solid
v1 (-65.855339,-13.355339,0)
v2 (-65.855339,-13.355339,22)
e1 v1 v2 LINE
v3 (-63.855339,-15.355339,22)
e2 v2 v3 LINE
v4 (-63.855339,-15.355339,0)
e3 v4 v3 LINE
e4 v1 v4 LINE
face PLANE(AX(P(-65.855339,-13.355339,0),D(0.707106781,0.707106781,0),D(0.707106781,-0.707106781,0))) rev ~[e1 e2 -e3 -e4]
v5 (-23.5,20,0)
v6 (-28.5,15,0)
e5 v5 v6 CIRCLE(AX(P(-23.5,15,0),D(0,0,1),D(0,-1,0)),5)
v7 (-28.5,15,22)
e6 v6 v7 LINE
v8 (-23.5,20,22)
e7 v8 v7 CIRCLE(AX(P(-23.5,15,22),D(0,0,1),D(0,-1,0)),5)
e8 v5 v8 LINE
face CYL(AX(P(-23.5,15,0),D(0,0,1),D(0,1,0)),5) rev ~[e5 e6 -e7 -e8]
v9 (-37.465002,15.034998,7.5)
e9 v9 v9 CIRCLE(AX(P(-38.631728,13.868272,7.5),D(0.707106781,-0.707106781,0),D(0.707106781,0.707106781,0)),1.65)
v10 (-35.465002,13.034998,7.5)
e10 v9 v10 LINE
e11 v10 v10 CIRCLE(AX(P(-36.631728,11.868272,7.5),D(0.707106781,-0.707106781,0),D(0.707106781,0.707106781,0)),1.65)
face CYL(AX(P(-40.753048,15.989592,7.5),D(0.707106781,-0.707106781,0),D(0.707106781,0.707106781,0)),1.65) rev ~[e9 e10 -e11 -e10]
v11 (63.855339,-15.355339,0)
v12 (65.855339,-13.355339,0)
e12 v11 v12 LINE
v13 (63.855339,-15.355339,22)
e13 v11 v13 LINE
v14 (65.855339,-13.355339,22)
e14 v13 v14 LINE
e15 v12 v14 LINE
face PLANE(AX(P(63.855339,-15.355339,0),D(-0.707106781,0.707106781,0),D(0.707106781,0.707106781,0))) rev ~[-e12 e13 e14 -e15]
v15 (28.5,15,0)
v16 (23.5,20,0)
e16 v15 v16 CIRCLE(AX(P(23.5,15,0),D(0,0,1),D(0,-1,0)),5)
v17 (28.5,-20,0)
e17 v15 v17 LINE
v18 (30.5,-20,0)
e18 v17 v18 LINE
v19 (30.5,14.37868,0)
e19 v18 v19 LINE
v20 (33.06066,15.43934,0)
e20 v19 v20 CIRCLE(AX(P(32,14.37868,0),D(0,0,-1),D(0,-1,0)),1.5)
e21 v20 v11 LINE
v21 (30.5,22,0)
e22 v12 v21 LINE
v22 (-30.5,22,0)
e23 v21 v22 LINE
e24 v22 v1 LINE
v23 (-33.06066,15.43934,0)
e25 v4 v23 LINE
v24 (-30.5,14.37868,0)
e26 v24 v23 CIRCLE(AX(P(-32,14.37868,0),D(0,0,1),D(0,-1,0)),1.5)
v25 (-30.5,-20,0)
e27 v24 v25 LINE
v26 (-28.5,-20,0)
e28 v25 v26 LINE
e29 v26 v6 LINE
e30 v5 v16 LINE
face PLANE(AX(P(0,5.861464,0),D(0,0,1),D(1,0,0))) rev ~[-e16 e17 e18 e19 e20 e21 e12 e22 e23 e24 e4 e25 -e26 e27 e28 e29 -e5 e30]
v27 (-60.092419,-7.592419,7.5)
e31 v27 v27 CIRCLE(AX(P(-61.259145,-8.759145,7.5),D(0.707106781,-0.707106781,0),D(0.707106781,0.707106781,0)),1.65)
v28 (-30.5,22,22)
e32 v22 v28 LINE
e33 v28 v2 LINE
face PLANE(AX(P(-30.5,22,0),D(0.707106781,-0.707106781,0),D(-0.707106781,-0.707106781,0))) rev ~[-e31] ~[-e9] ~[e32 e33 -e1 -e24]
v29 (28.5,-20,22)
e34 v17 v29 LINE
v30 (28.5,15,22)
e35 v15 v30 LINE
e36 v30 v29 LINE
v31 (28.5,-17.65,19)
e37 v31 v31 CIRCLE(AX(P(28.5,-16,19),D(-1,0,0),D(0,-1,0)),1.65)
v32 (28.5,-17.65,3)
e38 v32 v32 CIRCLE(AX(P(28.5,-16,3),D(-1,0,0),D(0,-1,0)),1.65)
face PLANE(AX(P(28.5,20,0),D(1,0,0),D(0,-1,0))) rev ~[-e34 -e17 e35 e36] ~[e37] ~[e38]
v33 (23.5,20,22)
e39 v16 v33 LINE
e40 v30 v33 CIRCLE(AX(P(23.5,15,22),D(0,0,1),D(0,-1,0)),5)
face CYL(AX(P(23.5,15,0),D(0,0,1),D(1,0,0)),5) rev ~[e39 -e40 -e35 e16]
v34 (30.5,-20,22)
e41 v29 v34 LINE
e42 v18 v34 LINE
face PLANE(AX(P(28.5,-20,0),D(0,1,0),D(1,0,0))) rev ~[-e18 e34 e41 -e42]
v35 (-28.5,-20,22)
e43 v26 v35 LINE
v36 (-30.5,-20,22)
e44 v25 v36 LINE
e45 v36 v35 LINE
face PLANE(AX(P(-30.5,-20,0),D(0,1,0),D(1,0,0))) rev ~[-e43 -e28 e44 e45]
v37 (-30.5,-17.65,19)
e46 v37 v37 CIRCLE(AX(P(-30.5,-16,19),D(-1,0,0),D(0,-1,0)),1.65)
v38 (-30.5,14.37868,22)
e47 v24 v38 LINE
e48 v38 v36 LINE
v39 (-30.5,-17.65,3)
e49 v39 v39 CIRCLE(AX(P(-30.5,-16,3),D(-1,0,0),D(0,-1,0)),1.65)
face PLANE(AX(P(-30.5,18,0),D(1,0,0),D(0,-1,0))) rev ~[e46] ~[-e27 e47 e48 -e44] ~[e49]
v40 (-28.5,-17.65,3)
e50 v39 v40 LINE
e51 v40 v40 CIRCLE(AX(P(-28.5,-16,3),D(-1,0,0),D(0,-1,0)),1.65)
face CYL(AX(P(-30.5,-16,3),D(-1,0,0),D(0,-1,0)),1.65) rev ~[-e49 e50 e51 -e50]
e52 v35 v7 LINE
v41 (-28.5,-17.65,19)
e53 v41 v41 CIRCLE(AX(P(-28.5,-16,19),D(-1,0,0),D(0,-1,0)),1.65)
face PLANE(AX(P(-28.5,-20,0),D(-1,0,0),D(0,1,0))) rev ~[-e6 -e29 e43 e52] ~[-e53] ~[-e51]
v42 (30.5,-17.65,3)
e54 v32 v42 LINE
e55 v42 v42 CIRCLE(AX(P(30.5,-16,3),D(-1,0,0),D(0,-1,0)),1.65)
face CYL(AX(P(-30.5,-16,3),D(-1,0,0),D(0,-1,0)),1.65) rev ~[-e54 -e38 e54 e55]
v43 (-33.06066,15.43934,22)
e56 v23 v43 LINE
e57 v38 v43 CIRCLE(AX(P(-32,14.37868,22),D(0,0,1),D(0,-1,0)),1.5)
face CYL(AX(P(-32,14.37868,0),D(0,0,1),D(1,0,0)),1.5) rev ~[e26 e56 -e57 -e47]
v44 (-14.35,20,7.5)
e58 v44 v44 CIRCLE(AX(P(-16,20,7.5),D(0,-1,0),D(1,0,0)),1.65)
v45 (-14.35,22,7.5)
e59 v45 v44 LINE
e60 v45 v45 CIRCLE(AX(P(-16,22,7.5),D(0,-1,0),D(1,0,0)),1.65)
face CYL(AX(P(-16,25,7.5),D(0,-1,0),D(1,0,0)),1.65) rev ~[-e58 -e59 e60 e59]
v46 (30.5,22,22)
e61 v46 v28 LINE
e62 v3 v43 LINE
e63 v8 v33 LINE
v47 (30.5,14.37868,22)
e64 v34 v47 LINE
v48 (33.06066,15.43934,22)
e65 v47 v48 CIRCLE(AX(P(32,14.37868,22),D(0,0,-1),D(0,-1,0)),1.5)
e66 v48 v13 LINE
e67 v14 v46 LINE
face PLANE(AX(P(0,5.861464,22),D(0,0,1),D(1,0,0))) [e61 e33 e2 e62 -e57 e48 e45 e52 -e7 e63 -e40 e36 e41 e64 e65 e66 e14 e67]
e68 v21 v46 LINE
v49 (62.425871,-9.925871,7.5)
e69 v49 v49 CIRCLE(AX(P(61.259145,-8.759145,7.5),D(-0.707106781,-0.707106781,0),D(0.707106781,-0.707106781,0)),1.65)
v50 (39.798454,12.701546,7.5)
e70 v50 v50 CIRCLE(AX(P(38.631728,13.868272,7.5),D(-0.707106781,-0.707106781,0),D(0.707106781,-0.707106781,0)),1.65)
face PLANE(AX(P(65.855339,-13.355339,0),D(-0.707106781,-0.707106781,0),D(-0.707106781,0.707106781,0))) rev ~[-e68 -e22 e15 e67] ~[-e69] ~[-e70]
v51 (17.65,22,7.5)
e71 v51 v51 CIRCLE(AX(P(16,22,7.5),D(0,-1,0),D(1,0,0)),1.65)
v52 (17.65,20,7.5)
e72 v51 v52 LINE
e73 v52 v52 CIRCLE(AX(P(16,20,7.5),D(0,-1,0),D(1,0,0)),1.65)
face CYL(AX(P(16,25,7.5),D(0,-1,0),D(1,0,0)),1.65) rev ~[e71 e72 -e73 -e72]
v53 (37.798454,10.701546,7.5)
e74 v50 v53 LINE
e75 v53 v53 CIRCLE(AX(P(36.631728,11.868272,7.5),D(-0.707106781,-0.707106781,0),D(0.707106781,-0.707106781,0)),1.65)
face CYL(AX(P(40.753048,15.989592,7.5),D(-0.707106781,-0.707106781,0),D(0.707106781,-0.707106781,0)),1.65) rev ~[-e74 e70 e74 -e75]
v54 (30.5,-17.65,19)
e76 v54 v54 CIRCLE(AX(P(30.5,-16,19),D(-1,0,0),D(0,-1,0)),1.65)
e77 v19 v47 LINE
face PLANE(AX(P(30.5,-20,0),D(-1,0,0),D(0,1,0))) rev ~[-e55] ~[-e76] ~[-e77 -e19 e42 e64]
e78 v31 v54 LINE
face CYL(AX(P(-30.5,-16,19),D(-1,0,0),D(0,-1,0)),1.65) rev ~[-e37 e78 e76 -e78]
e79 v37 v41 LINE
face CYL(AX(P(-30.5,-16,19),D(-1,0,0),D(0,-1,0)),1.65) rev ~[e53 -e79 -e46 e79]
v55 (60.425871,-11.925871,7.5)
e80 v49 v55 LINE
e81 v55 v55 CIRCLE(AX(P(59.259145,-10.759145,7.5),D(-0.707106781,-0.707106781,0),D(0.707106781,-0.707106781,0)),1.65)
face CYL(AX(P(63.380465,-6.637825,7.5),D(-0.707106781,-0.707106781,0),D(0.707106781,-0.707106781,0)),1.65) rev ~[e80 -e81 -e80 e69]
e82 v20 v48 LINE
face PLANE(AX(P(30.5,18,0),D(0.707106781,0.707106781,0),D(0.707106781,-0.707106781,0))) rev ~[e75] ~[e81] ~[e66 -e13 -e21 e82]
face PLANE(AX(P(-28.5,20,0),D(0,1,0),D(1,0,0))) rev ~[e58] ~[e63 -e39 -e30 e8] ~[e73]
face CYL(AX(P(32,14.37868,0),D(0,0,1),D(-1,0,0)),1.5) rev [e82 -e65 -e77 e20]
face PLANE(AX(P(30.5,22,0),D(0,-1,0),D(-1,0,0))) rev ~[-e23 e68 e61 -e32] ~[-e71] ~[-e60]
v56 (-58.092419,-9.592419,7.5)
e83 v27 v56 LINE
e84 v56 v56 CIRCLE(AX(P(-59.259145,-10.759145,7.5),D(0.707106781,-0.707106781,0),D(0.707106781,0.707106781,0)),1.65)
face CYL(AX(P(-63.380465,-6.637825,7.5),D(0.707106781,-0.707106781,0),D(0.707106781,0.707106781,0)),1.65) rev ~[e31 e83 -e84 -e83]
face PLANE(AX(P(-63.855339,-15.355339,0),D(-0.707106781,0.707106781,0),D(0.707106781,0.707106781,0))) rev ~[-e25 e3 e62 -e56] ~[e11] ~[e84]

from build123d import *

# Parameters (mm, degrees)
F1_DEPTH  = 22
F3_D      = 3.3
F3_DEPTH  = 3
F3_TIP    = 0.9914200214
F4_R      = 1.5
F5_R      = 5
F7_D      = 3.3
F7_DEPTH  = 3
F7_TIP    = 0.9914200214
F9_D      = 3.3
F9_DEPTH  = 3
F9_TIP    = 0.9914200214
F11_D     = 3.3
F11_DEPTH = 63
F11_TIP   = 0.9914200214


with BuildPart() as f1:
    # F0 (on Top) → F1 (new body)
    with BuildSketch(Plane.XY):
        Polygon((-28.5, -20), (-28.5, 20), (28.5, 20), (28.5, -20), (30.5, -20), (30.5, 18), (63.8553390593, -15.3553390593), (65.8553390593, -13.3553390593), (30.5, 22), (-30.5, 22), (-65.8553390593, -13.3553390593), (-63.8553390593, -15.3553390593), (-30.5, 18), (-30.5, -20), align=None)
    extrude(amount=F1_DEPTH)

    # F3
    with Locations(Plane(origin=(26.25, 26.25, 0), x_dir=(-0.7071067812, 0.7071067812, 0), z_dir=(0.7071067812, 0.7071067812, 0))):
        with Locations((-17.5104076401, 7.5), (-49.5104076401, 7.5)):
            Hole(F3_D / 2, depth=F3_DEPTH)
            with Locations((0, 0, -(F3_DEPTH + F3_TIP / 2))):  # 118° drill point
                Cone(0, F3_D / 2, F3_TIP, mode=Mode.SUBTRACT)

    # F4
    f4_edges = [f1.edges().sort_by_distance(p)[0] for p in [
        (-30.5, 18, 11),
        (30.5, 18, 11),
    ]]
    fillet(f4_edges, radius=F4_R)

    # F5
    f5_edges = [f1.edges().sort_by_distance(p)[0] for p in [
        (-28.5, 20, 11),
        (28.5, 20, 11),
    ]]
    fillet(f5_edges, radius=F5_R)

    # F7
    with Locations(Plane(origin=(-26.25, 26.25, 0), x_dir=(-0.7071067812, -0.7071067812, 0), z_dir=(-0.7071067812, 0.7071067812, 0))):
        with Locations((17.5104076401, 7.5), (49.5104076401, 7.5)):
            Hole(F7_D / 2, depth=F7_DEPTH)
            with Locations((0, 0, -(F7_DEPTH + F7_TIP / 2))):  # 118° drill point
                Cone(0, F7_D / 2, F7_TIP, mode=Mode.SUBTRACT)

    # F9
    with Locations(Plane(origin=(0, 22, 0), x_dir=(-1, 0, 0), z_dir=(0, 1, 0))):
        with Locations((-16, 7.5), (16, 7.5)):
            Hole(F9_D / 2, depth=F9_DEPTH)
            with Locations((0, 0, -(F9_DEPTH + F9_TIP / 2))):  # 118° drill point
                Cone(0, F9_D / 2, F9_TIP, mode=Mode.SUBTRACT)

    # F11 (one way)
    with BuildSketch(Plane(origin=(-30.5, 0, 0), x_dir=(0, -1, 0), z_dir=(-1, 0, 0))):
        with Locations((16, 19), (16, 3)):
            Circle(F11_D / 2)
    extrude(amount=-F11_DEPTH, mode=Mode.SUBTRACT)
    with Locations(Plane(origin=(-30.5, 0, 0), x_dir=(0, -1, 0), z_dir=(-1, 0, 0))):
        with Locations((16, 19), (16, 3)):
            with Locations((0, 0, -(F11_DEPTH + F11_TIP / 2))):  # 118° drill point
                Cone(0, F11_D / 2, F11_TIP, mode=Mode.SUBTRACT)


solid = f1.part
